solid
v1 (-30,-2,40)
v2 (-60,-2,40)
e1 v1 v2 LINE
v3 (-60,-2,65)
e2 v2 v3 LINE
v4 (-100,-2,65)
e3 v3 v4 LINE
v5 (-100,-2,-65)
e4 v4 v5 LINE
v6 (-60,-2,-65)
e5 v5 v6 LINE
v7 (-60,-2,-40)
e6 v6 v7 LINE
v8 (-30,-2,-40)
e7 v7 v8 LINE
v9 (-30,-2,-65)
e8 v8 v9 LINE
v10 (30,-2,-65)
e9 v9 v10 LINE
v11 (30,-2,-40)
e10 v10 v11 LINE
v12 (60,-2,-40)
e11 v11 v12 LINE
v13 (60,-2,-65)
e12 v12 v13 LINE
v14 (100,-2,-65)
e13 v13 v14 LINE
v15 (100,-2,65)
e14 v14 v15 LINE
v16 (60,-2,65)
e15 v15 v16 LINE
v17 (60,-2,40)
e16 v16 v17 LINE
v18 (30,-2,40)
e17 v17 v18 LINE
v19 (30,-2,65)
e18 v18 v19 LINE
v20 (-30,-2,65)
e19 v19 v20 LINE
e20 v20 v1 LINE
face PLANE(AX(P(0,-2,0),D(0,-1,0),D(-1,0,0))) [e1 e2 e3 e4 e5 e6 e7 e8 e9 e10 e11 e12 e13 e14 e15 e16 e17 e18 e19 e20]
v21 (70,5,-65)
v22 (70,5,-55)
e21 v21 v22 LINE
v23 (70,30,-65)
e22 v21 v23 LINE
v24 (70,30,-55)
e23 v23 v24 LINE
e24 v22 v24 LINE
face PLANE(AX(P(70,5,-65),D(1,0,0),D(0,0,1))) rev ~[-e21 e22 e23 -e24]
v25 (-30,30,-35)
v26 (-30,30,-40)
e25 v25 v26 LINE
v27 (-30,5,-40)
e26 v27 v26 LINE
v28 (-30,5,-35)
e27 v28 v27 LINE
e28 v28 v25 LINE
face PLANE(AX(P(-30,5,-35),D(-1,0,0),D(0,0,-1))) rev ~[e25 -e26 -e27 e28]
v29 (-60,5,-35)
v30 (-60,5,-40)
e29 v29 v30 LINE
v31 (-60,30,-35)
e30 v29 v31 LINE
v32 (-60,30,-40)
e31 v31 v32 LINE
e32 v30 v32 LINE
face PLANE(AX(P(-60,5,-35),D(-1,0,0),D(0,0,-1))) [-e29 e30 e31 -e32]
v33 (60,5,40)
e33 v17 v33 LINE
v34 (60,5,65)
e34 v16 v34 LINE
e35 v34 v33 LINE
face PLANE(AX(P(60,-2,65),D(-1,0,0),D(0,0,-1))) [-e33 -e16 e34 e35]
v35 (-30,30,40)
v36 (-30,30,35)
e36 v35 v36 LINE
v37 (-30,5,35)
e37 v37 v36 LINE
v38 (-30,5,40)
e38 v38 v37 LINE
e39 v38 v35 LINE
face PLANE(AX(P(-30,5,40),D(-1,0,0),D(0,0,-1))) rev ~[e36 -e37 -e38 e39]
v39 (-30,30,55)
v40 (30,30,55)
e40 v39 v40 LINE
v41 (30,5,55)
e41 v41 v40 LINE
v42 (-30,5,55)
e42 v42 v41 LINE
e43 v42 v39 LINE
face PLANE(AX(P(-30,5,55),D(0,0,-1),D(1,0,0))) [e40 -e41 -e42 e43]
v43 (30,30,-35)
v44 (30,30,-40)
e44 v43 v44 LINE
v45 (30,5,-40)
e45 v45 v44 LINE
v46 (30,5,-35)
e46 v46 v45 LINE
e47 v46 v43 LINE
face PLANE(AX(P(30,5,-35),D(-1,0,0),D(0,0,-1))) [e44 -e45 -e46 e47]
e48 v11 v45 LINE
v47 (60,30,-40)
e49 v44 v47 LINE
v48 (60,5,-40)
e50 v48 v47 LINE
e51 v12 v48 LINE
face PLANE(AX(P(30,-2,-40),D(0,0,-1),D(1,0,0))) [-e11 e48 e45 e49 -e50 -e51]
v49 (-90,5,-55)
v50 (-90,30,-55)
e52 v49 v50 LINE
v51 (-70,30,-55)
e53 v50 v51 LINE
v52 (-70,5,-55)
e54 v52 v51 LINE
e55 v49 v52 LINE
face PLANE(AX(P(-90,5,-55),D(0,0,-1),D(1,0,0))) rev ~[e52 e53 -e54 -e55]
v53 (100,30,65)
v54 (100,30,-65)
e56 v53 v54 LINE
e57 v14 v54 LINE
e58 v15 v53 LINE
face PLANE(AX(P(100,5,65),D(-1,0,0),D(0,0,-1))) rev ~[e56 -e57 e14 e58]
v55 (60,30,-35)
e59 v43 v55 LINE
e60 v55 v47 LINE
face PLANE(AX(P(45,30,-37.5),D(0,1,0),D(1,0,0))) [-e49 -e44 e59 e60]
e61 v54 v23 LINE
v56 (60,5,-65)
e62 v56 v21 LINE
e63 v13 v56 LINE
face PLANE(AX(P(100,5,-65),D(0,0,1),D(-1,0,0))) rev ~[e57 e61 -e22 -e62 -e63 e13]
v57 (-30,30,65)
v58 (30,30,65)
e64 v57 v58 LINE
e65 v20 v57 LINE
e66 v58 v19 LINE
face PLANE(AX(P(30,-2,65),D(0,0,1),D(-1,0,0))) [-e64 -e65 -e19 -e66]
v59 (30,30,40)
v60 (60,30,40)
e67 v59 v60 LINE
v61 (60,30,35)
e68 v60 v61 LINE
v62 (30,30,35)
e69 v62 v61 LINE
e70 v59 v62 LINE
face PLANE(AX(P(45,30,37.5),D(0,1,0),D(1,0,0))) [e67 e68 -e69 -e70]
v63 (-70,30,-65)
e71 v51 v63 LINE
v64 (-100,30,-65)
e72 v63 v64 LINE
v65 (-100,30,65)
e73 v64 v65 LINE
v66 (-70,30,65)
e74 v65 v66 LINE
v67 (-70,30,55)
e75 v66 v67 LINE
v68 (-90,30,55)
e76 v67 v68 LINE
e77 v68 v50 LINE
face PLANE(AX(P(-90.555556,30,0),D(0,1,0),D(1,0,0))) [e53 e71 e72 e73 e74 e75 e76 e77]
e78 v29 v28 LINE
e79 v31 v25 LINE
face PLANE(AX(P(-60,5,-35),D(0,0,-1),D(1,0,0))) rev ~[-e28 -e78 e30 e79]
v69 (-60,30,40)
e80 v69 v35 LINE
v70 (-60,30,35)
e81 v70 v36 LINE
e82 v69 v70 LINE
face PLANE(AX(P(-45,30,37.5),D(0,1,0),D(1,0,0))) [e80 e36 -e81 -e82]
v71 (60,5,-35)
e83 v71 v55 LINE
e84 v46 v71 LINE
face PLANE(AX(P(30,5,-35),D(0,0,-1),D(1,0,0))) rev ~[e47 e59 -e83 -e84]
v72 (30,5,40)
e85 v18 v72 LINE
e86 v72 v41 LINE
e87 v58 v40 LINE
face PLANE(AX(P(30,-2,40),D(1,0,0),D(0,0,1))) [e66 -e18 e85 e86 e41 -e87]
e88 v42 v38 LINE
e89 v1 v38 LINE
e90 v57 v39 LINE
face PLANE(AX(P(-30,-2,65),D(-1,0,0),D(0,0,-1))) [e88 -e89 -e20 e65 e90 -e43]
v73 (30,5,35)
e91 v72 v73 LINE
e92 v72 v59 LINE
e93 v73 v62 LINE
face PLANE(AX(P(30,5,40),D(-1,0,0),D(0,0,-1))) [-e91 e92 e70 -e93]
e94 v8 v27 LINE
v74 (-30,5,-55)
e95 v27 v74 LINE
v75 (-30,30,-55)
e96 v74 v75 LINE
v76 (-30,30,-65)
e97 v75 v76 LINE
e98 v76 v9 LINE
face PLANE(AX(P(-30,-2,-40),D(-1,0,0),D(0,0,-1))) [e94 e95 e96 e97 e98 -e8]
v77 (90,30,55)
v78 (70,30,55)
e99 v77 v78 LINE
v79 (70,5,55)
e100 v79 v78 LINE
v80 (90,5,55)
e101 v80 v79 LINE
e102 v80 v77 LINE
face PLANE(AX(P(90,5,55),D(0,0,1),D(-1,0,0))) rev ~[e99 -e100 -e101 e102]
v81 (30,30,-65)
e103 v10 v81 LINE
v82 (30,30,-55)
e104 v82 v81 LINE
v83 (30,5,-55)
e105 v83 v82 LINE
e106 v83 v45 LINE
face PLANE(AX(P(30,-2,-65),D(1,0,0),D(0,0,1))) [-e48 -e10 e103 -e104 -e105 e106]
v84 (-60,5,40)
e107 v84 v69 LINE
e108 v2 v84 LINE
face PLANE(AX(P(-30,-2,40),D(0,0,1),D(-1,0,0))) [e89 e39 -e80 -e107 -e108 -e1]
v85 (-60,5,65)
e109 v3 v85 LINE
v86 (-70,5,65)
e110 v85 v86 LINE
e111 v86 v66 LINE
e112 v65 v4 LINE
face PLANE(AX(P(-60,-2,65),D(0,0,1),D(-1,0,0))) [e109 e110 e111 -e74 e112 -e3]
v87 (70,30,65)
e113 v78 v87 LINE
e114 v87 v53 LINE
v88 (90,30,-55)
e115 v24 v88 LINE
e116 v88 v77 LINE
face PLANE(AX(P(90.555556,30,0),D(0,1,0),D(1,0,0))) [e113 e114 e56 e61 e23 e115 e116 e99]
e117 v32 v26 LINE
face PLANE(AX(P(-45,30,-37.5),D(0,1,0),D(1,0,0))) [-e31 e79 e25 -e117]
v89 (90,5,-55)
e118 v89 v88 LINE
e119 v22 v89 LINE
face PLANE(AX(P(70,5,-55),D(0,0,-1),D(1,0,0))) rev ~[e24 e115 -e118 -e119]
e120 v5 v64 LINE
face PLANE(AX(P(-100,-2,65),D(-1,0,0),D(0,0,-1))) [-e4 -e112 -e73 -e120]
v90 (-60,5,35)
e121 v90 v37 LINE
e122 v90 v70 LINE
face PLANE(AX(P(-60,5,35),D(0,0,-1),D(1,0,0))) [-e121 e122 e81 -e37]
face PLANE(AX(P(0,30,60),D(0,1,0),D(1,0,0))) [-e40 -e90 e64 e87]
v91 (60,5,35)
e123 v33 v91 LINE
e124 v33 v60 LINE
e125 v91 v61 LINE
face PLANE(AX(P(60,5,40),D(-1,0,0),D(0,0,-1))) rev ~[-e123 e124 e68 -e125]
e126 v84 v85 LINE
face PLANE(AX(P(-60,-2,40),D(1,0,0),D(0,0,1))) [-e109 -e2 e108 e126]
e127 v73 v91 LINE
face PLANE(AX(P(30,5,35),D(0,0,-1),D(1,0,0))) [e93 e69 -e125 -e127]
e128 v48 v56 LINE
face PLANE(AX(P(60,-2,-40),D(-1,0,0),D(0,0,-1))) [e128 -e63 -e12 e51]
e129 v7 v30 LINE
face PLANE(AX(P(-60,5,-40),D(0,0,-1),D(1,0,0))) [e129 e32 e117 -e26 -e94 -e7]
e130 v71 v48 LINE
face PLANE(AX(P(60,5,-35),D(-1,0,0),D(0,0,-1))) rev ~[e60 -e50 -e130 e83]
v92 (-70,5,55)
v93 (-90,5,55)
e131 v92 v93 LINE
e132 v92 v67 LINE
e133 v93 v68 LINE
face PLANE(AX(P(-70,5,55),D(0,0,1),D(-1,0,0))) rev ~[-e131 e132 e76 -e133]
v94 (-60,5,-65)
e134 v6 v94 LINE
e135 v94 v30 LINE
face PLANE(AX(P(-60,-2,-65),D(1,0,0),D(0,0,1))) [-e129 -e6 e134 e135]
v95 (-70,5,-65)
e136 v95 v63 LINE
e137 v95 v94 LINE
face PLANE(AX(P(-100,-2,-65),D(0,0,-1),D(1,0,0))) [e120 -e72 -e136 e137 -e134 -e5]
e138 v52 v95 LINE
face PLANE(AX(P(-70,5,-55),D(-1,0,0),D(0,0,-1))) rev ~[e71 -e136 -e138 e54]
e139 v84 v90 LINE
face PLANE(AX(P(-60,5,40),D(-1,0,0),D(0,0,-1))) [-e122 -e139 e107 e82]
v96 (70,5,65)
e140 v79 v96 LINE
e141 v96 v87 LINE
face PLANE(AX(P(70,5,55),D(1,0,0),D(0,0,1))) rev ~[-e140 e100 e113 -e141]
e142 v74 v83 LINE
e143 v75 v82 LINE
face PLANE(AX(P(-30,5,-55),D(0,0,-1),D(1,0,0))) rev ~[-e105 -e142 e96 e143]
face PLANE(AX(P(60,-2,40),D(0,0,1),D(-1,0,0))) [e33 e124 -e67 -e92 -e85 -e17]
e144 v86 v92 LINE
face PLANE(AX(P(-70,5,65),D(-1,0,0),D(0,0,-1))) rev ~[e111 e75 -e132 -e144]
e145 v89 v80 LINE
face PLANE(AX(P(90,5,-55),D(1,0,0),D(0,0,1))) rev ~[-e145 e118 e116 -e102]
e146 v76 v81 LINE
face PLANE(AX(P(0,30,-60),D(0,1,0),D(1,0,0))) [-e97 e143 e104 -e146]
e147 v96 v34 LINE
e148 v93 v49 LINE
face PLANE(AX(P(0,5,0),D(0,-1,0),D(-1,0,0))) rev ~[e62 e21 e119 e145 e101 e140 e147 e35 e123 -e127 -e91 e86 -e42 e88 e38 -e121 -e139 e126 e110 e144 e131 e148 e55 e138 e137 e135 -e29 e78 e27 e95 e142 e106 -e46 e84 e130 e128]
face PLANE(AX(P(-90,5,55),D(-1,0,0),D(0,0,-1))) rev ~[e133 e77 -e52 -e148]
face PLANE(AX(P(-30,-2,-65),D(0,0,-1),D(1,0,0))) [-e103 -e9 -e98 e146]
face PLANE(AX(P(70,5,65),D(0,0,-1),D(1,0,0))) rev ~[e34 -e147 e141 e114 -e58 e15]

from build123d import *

# Parameters (mm, degrees)
EXTRUDE_1_DEPTH      = 5
EXTRUDE_1_DEPTH_BACK = 2
SKETCH_2_W           = 30
SKETCH_2_H           = 5
EXTRUDE_2_DEPTH      = 25
SKETCH_3_W           = 60
SKETCH_3_H           = 10
EXTRUDE_3_DEPTH      = 25


with BuildPart() as part:
    # 草圖1 → 填料-伸長1 (new, two sides: drawn at the far end of the back side and taken through both)
    with BuildSketch(Plane(origin=(0, 0, 0), x_dir=(1, 0, 0), z_dir=(0, 1, 0)).offset(-EXTRUDE_1_DEPTH_BACK)):
        Polygon((-60, 65), (-60, 40), (-30, 40), (-30, 65), (30, 65), (30, 40), (60, 40), (60, 65), (100, 65), (100, -65), (60, -65), (60, -40), (30, -40), (30, -65), (-30, -65), (-30, -40), (-60, -40), (-60, -65), (-100, -65), (-100, 65), align=None)
    extrude(amount=EXTRUDE_1_DEPTH + EXTRUDE_1_DEPTH_BACK)

    # 草圖2 → 填料-伸長2 (add)
    with BuildSketch(Plane(origin=(0, 5, 0), x_dir=(1, 0, 0), z_dir=(0, 1, 0))):
        with Locations((-45, 37.5)):
            Rectangle(SKETCH_2_W, SKETCH_2_H)
        with Locations((-45, -37.5)):
            Rectangle(SKETCH_2_W, SKETCH_2_H)
        with Locations((45, -37.5)):
            Rectangle(SKETCH_2_W, SKETCH_2_H)
        with Locations((45, 37.5)):
            Rectangle(SKETCH_2_W, SKETCH_2_H)
    extrude(amount=EXTRUDE_2_DEPTH)

    # 草圖3 → 填料-伸長3 (add)
    with BuildSketch(Plane(origin=(0, 5, 0), x_dir=(1, 0, 0), z_dir=(0, 1, 0))):
        Polygon((70, -65), (100, -65), (100, 65), (70, 65), (70, 55), (90, 55), (90, -55), (70, -55), align=None)
        with Locations((0, 60)):
            Rectangle(SKETCH_3_W, SKETCH_3_H)
        with Locations((0, -60)):
            Rectangle(SKETCH_3_W, SKETCH_3_H)
        Polygon((-100, 65), (-100, -65), (-70, -65), (-70, -55), (-90, -55), (-90, 55), (-70, 55), (-70, 65), align=None)
    extrude(amount=EXTRUDE_3_DEPTH)


solid = part.part
